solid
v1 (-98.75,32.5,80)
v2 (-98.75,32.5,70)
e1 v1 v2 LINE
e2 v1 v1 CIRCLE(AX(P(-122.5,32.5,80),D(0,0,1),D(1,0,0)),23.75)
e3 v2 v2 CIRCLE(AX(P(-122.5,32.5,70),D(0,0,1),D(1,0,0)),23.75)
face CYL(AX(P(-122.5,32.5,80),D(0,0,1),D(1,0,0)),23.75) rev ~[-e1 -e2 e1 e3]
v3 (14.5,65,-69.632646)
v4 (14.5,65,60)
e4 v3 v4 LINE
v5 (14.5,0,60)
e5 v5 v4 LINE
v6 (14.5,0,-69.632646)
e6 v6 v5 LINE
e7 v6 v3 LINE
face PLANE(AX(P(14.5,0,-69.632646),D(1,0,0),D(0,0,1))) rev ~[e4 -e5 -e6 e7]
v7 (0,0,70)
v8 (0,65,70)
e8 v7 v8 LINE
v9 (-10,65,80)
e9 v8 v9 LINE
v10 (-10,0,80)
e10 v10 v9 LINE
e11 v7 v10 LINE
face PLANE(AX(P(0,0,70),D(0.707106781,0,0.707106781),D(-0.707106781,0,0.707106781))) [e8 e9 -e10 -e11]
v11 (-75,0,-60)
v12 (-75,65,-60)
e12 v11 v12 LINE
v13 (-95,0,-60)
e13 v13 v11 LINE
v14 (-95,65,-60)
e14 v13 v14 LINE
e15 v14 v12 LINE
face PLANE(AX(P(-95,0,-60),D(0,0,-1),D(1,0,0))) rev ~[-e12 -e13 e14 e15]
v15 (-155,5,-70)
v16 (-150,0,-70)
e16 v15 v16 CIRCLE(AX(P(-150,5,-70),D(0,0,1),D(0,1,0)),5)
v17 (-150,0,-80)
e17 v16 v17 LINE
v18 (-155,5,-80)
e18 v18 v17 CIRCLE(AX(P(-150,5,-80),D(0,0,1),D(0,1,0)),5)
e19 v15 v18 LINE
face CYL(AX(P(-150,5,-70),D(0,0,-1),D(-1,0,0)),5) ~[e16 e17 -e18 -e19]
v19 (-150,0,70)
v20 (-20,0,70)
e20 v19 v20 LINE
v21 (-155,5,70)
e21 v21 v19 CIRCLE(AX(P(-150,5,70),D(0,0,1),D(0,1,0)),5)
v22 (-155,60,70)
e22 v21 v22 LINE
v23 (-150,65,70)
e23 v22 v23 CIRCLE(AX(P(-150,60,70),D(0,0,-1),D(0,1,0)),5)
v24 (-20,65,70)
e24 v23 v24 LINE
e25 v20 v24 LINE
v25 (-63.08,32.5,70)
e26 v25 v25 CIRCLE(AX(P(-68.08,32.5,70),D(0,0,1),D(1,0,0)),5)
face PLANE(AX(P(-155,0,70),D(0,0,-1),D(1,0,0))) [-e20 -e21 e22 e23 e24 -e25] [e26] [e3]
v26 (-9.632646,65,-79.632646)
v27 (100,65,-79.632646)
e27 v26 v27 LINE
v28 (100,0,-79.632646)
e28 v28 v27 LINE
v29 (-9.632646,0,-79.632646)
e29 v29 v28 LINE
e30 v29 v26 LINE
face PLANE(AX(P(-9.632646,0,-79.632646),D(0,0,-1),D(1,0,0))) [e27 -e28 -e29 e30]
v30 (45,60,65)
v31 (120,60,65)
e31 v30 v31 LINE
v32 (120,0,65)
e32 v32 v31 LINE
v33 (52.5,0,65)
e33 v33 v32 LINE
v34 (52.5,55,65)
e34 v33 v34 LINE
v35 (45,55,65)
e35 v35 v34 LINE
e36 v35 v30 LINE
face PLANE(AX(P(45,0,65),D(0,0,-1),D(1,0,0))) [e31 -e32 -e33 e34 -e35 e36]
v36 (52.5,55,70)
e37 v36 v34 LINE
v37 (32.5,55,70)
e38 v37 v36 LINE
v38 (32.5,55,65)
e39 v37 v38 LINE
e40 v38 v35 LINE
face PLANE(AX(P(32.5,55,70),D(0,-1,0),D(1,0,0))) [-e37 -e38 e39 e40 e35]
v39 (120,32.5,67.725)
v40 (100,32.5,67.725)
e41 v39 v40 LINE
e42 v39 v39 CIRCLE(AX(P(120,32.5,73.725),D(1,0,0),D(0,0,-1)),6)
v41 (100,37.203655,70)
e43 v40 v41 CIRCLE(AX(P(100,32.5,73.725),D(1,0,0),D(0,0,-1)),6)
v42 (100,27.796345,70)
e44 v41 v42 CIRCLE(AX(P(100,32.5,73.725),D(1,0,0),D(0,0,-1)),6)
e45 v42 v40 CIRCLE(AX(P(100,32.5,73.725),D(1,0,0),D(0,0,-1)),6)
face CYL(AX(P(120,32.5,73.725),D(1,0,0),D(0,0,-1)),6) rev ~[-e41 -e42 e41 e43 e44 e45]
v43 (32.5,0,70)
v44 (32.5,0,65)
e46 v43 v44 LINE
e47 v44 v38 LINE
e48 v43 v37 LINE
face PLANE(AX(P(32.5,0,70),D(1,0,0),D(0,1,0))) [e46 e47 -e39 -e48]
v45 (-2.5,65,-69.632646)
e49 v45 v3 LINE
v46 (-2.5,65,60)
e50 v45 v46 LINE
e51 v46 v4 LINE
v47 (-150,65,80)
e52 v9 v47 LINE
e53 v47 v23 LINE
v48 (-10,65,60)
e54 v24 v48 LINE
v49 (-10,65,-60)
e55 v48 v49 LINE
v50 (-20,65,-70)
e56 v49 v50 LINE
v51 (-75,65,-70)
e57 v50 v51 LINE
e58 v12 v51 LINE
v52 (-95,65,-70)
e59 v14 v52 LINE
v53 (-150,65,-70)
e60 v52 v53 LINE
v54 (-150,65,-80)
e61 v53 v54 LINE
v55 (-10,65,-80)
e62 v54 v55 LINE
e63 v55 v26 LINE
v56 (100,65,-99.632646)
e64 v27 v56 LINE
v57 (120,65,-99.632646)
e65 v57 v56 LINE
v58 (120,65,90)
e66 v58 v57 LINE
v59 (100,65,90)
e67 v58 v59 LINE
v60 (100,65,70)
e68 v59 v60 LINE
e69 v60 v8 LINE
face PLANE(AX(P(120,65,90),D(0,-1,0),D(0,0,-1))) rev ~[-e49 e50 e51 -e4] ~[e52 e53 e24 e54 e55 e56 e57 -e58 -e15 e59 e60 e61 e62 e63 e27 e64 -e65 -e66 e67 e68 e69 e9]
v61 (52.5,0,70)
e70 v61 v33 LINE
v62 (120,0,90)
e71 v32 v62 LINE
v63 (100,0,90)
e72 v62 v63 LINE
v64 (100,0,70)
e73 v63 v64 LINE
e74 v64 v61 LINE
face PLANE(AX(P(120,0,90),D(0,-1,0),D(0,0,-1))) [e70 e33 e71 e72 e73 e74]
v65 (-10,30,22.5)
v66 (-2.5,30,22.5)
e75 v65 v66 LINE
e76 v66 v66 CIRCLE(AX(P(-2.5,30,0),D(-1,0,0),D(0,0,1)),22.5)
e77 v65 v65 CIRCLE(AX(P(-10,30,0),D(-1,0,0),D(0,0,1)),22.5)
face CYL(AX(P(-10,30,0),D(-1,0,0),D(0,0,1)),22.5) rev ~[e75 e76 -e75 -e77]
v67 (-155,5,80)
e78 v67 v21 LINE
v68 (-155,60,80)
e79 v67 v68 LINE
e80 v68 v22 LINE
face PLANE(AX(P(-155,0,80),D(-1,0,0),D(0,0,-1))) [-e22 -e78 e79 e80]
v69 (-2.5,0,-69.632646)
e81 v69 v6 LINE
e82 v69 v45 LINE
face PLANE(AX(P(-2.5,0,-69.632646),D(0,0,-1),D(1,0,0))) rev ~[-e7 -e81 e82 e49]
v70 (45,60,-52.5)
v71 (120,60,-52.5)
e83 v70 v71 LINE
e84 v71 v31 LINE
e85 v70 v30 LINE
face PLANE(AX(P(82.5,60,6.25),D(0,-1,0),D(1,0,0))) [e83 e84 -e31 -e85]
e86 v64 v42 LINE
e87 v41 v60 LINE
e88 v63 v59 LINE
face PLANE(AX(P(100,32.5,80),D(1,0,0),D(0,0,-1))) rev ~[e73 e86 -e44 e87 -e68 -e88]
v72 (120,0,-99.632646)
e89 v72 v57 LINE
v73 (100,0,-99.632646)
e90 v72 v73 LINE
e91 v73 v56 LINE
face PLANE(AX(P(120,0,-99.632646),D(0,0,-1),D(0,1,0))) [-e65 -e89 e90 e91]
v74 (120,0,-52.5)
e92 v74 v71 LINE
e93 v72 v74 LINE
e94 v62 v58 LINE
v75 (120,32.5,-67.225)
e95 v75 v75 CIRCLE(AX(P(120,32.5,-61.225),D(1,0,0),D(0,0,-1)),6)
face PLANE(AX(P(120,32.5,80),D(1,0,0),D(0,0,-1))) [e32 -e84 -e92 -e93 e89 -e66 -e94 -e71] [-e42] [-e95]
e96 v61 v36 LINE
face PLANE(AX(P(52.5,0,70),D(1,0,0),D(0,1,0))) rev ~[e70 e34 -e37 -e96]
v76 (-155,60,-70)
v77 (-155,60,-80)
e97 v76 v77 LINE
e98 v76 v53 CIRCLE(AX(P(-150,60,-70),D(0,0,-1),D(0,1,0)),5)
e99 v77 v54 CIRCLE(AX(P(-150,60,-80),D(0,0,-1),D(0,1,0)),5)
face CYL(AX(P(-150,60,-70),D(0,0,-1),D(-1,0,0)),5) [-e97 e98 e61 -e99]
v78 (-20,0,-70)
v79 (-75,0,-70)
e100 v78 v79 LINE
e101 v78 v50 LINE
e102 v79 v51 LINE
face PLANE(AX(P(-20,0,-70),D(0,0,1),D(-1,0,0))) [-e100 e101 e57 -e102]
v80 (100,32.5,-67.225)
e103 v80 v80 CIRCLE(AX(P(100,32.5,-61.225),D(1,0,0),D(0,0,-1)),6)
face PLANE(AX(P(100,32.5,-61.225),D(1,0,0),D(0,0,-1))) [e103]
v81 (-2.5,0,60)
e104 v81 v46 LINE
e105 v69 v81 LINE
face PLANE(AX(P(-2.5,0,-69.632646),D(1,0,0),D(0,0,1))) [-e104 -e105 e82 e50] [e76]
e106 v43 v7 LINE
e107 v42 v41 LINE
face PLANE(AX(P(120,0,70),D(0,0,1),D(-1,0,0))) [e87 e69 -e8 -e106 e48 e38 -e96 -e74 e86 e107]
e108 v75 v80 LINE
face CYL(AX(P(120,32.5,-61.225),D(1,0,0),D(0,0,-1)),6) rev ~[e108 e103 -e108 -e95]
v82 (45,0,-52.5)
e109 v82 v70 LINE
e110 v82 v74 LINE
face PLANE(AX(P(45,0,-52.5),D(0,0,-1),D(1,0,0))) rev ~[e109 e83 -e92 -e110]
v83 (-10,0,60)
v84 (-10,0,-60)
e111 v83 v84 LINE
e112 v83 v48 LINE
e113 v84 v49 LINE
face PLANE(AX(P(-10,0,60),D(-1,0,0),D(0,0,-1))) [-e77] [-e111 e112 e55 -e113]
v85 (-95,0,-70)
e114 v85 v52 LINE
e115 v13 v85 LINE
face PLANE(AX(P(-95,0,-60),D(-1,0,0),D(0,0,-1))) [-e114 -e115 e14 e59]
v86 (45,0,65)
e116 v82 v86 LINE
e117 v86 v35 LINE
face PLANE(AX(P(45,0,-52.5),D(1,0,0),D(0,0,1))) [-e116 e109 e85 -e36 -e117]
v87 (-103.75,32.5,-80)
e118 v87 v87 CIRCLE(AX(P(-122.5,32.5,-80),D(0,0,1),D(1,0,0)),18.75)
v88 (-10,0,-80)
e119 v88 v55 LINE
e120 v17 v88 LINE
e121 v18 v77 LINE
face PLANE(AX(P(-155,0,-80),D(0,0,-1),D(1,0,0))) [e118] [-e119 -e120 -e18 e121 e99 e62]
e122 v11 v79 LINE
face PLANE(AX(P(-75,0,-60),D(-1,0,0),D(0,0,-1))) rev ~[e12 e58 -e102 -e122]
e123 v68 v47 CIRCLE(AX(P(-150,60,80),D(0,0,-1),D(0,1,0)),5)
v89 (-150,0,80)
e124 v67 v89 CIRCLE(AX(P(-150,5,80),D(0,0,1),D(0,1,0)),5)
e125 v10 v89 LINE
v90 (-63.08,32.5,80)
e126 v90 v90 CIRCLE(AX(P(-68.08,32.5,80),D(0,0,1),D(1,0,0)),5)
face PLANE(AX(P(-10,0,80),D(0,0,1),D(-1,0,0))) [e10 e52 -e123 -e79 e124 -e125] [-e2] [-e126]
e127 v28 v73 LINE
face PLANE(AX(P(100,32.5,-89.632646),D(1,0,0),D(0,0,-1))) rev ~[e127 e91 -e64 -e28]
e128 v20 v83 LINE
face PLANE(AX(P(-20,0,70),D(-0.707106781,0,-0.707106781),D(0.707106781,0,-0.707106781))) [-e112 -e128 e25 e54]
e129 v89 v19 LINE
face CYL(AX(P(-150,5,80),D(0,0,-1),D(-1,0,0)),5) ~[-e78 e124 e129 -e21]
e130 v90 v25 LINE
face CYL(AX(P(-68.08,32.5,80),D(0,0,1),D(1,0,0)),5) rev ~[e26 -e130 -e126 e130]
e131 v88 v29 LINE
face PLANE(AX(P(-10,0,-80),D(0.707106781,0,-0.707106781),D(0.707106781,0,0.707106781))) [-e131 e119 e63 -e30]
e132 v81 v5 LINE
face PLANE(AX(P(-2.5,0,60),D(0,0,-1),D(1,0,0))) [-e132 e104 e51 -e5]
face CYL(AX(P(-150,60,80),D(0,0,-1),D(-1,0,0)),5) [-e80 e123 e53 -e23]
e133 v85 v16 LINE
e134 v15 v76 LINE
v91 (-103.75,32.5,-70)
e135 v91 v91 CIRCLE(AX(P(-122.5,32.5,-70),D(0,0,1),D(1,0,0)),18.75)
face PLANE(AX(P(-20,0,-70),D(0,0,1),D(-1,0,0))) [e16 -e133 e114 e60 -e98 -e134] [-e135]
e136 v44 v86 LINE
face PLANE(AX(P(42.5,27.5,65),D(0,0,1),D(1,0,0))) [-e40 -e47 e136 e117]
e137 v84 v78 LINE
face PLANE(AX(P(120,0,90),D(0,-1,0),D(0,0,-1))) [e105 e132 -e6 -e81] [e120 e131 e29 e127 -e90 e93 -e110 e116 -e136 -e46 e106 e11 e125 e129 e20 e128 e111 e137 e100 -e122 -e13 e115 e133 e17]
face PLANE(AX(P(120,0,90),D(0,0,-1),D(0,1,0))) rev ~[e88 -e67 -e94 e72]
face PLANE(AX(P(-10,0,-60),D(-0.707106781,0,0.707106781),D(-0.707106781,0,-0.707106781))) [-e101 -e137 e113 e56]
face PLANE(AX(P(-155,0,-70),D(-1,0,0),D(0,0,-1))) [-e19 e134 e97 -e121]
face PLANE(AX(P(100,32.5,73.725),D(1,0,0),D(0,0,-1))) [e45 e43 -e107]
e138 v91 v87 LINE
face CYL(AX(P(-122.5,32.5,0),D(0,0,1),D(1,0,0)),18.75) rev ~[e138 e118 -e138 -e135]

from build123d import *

# Parameters (mm, degrees)
BOSS_EXTRUDE1_DEPTH = 65
FILLET1_R           = 5
SKETCH2_R           = 18.75
CUT_EXTRUDE1_DEPTH  = 80
SKETCH3_R           = 23.75
CUT_EXTRUDE2_DEPTH  = 10
BOSS_EXTRUDE2_DEPTH = 65
SKETCH5_W           = 17
SKETCH5_H           = 129.632645568
CUT_EXTRUDE3_DEPTH  = 65
SKETCH6_W           = 75
SKETCH6_H           = 117.5
CUT_EXTRUDE4_DEPTH  = 60
SKETCH7_W           = 20
SKETCH7_H           = 65
BOSS_EXTRUDE3_DEPTH = 20
SKETCH8_R           = 6
CUT_EXTRUDE6_DEPTH  = 20
SKETCH9_W           = 20
SKETCH9_H           = 55
CUT_EXTRUDE8_DEPTH  = 5
SKETCH10_R          = 22.5
CUT_EXTRUDE9_DEPTH  = 7.5
SKETCH11_W          = 20
SKETCH11_H          = 10
BOSS_EXTRUDE4_DEPTH = 65
SKETCH12_R          = 5
CUT_EXTRUDE10_DEPTH = 10


with BuildPart() as part:
    # Sketch1 → Boss-Extrude1 (new body)
    with BuildSketch(Plane(origin=(0, 0, 0), x_dir=(1, 0, 0), z_dir=(0, 1, 0))):
        Polygon((0, 70), (0, -70), (-10, -80), (-155, -80), (-155, -70), (-20, -70), (-10, -60), (-10, 60), (-20, 70), (-155, 70), (-155, 80), (-10, 80), align=None)
    extrude(amount=BOSS_EXTRUDE1_DEPTH)

    # Fillet1
    fillet1_edges = [part.edges().sort_by_distance(p)[0] for p in [
        (-155, 65, 75),
        (-155, 0, -75),
        (-155, 0, 75),
        (-155, 65, -75),
    ]]
    fillet(fillet1_edges, radius=FILLET1_R)

    # Sketch2 → Cut-Extrude1 (cut)
    with BuildSketch(Plane.XY):
        with Locations((-122.5, 32.5)):
            Circle(SKETCH2_R)
    extrude(amount=-CUT_EXTRUDE1_DEPTH, mode=Mode.SUBTRACT)

    # Sketch3 → Cut-Extrude2 (cut)
    with BuildSketch(Plane.XY.offset(80)):
        with Locations((-122.5, 32.5)):
            Circle(SKETCH3_R)
    extrude(amount=-CUT_EXTRUDE2_DEPTH, mode=Mode.SUBTRACT)

    # Sketch4 → Boss-Extrude2 (add)
    with BuildSketch(Plane(origin=(0, 0, 0), x_dir=(1, 0, 0), z_dir=(0, 1, 0))):
        Polygon((-9.632645568, 79.632645568), (120, 79.632645568), (120, -70), (0, -70), (0, 70), align=None)
    extrude(amount=BOSS_EXTRUDE2_DEPTH)

    # Sketch5 → Cut-Extrude3 (cut)
    with BuildSketch(Plane.XZ):
        with Locations((6, -4.816322784)):
            Rectangle(SKETCH5_W, SKETCH5_H)
    extrude(amount=-CUT_EXTRUDE3_DEPTH, mode=Mode.SUBTRACT)

    # Sketch6 → Cut-Extrude4 (cut)
    with BuildSketch(Plane.XZ):
        with Locations((82.5, 6.25)):
            Rectangle(SKETCH6_W, SKETCH6_H)
    extrude(amount=-CUT_EXTRUDE4_DEPTH, mode=Mode.SUBTRACT)

    # Sketch7 → Boss-Extrude3 (add)
    with BuildSketch(Plane(origin=(120, 0, 0), x_dir=(0, 0, -1), z_dir=(1, 0, 0))):
        with Locations((-80, 32.5)):
            Rectangle(SKETCH7_W, SKETCH7_H)
        with Locations((89.632645568, 32.5)):
            Rectangle(SKETCH7_W, SKETCH7_H)
    extrude(amount=-BOSS_EXTRUDE3_DEPTH)

    # Sketch8 → Cut-Extrude6 (cut)
    with BuildSketch(Plane(origin=(120, 0, 0), x_dir=(0, 0, -1), z_dir=(1, 0, 0))):
        with Locations((-73.725, 32.5)):
            Circle(SKETCH8_R)
        with Locations((61.225, 32.5)):
            Circle(SKETCH8_R)
    extrude(amount=-CUT_EXTRUDE6_DEPTH, mode=Mode.SUBTRACT)

    # Sketch9 → Cut-Extrude8 (cut)
    with BuildSketch(Plane.XY.offset(70)):
        with Locations((42.5, 27.5)):
            Rectangle(SKETCH9_W, SKETCH9_H)
    extrude(amount=-CUT_EXTRUDE8_DEPTH, mode=Mode.SUBTRACT)

    # Sketch10 → Cut-Extrude9 (cut)
    with BuildSketch(Plane.ZY.offset(10)):
        with Locations((0, 30)):
            Circle(SKETCH10_R)
    extrude(amount=-CUT_EXTRUDE9_DEPTH, mode=Mode.SUBTRACT)

    # Sketch11 → Boss-Extrude4 (add)
    with BuildSketch(Plane(origin=(0, 0, 0), x_dir=(1, 0, 0), z_dir=(0, 1, 0))):
        with Locations((-85, 65)):
            Rectangle(SKETCH11_W, SKETCH11_H)
    extrude(amount=BOSS_EXTRUDE4_DEPTH)

    # Sketch12 → Cut-Extrude10 (cut)
    with BuildSketch(Plane.XY.offset(80)):
        with Locations((-68.08, 32.5)):
            Circle(SKETCH12_R)
    extrude(amount=-CUT_EXTRUDE10_DEPTH, mode=Mode.SUBTRACT)


solid = part.part
